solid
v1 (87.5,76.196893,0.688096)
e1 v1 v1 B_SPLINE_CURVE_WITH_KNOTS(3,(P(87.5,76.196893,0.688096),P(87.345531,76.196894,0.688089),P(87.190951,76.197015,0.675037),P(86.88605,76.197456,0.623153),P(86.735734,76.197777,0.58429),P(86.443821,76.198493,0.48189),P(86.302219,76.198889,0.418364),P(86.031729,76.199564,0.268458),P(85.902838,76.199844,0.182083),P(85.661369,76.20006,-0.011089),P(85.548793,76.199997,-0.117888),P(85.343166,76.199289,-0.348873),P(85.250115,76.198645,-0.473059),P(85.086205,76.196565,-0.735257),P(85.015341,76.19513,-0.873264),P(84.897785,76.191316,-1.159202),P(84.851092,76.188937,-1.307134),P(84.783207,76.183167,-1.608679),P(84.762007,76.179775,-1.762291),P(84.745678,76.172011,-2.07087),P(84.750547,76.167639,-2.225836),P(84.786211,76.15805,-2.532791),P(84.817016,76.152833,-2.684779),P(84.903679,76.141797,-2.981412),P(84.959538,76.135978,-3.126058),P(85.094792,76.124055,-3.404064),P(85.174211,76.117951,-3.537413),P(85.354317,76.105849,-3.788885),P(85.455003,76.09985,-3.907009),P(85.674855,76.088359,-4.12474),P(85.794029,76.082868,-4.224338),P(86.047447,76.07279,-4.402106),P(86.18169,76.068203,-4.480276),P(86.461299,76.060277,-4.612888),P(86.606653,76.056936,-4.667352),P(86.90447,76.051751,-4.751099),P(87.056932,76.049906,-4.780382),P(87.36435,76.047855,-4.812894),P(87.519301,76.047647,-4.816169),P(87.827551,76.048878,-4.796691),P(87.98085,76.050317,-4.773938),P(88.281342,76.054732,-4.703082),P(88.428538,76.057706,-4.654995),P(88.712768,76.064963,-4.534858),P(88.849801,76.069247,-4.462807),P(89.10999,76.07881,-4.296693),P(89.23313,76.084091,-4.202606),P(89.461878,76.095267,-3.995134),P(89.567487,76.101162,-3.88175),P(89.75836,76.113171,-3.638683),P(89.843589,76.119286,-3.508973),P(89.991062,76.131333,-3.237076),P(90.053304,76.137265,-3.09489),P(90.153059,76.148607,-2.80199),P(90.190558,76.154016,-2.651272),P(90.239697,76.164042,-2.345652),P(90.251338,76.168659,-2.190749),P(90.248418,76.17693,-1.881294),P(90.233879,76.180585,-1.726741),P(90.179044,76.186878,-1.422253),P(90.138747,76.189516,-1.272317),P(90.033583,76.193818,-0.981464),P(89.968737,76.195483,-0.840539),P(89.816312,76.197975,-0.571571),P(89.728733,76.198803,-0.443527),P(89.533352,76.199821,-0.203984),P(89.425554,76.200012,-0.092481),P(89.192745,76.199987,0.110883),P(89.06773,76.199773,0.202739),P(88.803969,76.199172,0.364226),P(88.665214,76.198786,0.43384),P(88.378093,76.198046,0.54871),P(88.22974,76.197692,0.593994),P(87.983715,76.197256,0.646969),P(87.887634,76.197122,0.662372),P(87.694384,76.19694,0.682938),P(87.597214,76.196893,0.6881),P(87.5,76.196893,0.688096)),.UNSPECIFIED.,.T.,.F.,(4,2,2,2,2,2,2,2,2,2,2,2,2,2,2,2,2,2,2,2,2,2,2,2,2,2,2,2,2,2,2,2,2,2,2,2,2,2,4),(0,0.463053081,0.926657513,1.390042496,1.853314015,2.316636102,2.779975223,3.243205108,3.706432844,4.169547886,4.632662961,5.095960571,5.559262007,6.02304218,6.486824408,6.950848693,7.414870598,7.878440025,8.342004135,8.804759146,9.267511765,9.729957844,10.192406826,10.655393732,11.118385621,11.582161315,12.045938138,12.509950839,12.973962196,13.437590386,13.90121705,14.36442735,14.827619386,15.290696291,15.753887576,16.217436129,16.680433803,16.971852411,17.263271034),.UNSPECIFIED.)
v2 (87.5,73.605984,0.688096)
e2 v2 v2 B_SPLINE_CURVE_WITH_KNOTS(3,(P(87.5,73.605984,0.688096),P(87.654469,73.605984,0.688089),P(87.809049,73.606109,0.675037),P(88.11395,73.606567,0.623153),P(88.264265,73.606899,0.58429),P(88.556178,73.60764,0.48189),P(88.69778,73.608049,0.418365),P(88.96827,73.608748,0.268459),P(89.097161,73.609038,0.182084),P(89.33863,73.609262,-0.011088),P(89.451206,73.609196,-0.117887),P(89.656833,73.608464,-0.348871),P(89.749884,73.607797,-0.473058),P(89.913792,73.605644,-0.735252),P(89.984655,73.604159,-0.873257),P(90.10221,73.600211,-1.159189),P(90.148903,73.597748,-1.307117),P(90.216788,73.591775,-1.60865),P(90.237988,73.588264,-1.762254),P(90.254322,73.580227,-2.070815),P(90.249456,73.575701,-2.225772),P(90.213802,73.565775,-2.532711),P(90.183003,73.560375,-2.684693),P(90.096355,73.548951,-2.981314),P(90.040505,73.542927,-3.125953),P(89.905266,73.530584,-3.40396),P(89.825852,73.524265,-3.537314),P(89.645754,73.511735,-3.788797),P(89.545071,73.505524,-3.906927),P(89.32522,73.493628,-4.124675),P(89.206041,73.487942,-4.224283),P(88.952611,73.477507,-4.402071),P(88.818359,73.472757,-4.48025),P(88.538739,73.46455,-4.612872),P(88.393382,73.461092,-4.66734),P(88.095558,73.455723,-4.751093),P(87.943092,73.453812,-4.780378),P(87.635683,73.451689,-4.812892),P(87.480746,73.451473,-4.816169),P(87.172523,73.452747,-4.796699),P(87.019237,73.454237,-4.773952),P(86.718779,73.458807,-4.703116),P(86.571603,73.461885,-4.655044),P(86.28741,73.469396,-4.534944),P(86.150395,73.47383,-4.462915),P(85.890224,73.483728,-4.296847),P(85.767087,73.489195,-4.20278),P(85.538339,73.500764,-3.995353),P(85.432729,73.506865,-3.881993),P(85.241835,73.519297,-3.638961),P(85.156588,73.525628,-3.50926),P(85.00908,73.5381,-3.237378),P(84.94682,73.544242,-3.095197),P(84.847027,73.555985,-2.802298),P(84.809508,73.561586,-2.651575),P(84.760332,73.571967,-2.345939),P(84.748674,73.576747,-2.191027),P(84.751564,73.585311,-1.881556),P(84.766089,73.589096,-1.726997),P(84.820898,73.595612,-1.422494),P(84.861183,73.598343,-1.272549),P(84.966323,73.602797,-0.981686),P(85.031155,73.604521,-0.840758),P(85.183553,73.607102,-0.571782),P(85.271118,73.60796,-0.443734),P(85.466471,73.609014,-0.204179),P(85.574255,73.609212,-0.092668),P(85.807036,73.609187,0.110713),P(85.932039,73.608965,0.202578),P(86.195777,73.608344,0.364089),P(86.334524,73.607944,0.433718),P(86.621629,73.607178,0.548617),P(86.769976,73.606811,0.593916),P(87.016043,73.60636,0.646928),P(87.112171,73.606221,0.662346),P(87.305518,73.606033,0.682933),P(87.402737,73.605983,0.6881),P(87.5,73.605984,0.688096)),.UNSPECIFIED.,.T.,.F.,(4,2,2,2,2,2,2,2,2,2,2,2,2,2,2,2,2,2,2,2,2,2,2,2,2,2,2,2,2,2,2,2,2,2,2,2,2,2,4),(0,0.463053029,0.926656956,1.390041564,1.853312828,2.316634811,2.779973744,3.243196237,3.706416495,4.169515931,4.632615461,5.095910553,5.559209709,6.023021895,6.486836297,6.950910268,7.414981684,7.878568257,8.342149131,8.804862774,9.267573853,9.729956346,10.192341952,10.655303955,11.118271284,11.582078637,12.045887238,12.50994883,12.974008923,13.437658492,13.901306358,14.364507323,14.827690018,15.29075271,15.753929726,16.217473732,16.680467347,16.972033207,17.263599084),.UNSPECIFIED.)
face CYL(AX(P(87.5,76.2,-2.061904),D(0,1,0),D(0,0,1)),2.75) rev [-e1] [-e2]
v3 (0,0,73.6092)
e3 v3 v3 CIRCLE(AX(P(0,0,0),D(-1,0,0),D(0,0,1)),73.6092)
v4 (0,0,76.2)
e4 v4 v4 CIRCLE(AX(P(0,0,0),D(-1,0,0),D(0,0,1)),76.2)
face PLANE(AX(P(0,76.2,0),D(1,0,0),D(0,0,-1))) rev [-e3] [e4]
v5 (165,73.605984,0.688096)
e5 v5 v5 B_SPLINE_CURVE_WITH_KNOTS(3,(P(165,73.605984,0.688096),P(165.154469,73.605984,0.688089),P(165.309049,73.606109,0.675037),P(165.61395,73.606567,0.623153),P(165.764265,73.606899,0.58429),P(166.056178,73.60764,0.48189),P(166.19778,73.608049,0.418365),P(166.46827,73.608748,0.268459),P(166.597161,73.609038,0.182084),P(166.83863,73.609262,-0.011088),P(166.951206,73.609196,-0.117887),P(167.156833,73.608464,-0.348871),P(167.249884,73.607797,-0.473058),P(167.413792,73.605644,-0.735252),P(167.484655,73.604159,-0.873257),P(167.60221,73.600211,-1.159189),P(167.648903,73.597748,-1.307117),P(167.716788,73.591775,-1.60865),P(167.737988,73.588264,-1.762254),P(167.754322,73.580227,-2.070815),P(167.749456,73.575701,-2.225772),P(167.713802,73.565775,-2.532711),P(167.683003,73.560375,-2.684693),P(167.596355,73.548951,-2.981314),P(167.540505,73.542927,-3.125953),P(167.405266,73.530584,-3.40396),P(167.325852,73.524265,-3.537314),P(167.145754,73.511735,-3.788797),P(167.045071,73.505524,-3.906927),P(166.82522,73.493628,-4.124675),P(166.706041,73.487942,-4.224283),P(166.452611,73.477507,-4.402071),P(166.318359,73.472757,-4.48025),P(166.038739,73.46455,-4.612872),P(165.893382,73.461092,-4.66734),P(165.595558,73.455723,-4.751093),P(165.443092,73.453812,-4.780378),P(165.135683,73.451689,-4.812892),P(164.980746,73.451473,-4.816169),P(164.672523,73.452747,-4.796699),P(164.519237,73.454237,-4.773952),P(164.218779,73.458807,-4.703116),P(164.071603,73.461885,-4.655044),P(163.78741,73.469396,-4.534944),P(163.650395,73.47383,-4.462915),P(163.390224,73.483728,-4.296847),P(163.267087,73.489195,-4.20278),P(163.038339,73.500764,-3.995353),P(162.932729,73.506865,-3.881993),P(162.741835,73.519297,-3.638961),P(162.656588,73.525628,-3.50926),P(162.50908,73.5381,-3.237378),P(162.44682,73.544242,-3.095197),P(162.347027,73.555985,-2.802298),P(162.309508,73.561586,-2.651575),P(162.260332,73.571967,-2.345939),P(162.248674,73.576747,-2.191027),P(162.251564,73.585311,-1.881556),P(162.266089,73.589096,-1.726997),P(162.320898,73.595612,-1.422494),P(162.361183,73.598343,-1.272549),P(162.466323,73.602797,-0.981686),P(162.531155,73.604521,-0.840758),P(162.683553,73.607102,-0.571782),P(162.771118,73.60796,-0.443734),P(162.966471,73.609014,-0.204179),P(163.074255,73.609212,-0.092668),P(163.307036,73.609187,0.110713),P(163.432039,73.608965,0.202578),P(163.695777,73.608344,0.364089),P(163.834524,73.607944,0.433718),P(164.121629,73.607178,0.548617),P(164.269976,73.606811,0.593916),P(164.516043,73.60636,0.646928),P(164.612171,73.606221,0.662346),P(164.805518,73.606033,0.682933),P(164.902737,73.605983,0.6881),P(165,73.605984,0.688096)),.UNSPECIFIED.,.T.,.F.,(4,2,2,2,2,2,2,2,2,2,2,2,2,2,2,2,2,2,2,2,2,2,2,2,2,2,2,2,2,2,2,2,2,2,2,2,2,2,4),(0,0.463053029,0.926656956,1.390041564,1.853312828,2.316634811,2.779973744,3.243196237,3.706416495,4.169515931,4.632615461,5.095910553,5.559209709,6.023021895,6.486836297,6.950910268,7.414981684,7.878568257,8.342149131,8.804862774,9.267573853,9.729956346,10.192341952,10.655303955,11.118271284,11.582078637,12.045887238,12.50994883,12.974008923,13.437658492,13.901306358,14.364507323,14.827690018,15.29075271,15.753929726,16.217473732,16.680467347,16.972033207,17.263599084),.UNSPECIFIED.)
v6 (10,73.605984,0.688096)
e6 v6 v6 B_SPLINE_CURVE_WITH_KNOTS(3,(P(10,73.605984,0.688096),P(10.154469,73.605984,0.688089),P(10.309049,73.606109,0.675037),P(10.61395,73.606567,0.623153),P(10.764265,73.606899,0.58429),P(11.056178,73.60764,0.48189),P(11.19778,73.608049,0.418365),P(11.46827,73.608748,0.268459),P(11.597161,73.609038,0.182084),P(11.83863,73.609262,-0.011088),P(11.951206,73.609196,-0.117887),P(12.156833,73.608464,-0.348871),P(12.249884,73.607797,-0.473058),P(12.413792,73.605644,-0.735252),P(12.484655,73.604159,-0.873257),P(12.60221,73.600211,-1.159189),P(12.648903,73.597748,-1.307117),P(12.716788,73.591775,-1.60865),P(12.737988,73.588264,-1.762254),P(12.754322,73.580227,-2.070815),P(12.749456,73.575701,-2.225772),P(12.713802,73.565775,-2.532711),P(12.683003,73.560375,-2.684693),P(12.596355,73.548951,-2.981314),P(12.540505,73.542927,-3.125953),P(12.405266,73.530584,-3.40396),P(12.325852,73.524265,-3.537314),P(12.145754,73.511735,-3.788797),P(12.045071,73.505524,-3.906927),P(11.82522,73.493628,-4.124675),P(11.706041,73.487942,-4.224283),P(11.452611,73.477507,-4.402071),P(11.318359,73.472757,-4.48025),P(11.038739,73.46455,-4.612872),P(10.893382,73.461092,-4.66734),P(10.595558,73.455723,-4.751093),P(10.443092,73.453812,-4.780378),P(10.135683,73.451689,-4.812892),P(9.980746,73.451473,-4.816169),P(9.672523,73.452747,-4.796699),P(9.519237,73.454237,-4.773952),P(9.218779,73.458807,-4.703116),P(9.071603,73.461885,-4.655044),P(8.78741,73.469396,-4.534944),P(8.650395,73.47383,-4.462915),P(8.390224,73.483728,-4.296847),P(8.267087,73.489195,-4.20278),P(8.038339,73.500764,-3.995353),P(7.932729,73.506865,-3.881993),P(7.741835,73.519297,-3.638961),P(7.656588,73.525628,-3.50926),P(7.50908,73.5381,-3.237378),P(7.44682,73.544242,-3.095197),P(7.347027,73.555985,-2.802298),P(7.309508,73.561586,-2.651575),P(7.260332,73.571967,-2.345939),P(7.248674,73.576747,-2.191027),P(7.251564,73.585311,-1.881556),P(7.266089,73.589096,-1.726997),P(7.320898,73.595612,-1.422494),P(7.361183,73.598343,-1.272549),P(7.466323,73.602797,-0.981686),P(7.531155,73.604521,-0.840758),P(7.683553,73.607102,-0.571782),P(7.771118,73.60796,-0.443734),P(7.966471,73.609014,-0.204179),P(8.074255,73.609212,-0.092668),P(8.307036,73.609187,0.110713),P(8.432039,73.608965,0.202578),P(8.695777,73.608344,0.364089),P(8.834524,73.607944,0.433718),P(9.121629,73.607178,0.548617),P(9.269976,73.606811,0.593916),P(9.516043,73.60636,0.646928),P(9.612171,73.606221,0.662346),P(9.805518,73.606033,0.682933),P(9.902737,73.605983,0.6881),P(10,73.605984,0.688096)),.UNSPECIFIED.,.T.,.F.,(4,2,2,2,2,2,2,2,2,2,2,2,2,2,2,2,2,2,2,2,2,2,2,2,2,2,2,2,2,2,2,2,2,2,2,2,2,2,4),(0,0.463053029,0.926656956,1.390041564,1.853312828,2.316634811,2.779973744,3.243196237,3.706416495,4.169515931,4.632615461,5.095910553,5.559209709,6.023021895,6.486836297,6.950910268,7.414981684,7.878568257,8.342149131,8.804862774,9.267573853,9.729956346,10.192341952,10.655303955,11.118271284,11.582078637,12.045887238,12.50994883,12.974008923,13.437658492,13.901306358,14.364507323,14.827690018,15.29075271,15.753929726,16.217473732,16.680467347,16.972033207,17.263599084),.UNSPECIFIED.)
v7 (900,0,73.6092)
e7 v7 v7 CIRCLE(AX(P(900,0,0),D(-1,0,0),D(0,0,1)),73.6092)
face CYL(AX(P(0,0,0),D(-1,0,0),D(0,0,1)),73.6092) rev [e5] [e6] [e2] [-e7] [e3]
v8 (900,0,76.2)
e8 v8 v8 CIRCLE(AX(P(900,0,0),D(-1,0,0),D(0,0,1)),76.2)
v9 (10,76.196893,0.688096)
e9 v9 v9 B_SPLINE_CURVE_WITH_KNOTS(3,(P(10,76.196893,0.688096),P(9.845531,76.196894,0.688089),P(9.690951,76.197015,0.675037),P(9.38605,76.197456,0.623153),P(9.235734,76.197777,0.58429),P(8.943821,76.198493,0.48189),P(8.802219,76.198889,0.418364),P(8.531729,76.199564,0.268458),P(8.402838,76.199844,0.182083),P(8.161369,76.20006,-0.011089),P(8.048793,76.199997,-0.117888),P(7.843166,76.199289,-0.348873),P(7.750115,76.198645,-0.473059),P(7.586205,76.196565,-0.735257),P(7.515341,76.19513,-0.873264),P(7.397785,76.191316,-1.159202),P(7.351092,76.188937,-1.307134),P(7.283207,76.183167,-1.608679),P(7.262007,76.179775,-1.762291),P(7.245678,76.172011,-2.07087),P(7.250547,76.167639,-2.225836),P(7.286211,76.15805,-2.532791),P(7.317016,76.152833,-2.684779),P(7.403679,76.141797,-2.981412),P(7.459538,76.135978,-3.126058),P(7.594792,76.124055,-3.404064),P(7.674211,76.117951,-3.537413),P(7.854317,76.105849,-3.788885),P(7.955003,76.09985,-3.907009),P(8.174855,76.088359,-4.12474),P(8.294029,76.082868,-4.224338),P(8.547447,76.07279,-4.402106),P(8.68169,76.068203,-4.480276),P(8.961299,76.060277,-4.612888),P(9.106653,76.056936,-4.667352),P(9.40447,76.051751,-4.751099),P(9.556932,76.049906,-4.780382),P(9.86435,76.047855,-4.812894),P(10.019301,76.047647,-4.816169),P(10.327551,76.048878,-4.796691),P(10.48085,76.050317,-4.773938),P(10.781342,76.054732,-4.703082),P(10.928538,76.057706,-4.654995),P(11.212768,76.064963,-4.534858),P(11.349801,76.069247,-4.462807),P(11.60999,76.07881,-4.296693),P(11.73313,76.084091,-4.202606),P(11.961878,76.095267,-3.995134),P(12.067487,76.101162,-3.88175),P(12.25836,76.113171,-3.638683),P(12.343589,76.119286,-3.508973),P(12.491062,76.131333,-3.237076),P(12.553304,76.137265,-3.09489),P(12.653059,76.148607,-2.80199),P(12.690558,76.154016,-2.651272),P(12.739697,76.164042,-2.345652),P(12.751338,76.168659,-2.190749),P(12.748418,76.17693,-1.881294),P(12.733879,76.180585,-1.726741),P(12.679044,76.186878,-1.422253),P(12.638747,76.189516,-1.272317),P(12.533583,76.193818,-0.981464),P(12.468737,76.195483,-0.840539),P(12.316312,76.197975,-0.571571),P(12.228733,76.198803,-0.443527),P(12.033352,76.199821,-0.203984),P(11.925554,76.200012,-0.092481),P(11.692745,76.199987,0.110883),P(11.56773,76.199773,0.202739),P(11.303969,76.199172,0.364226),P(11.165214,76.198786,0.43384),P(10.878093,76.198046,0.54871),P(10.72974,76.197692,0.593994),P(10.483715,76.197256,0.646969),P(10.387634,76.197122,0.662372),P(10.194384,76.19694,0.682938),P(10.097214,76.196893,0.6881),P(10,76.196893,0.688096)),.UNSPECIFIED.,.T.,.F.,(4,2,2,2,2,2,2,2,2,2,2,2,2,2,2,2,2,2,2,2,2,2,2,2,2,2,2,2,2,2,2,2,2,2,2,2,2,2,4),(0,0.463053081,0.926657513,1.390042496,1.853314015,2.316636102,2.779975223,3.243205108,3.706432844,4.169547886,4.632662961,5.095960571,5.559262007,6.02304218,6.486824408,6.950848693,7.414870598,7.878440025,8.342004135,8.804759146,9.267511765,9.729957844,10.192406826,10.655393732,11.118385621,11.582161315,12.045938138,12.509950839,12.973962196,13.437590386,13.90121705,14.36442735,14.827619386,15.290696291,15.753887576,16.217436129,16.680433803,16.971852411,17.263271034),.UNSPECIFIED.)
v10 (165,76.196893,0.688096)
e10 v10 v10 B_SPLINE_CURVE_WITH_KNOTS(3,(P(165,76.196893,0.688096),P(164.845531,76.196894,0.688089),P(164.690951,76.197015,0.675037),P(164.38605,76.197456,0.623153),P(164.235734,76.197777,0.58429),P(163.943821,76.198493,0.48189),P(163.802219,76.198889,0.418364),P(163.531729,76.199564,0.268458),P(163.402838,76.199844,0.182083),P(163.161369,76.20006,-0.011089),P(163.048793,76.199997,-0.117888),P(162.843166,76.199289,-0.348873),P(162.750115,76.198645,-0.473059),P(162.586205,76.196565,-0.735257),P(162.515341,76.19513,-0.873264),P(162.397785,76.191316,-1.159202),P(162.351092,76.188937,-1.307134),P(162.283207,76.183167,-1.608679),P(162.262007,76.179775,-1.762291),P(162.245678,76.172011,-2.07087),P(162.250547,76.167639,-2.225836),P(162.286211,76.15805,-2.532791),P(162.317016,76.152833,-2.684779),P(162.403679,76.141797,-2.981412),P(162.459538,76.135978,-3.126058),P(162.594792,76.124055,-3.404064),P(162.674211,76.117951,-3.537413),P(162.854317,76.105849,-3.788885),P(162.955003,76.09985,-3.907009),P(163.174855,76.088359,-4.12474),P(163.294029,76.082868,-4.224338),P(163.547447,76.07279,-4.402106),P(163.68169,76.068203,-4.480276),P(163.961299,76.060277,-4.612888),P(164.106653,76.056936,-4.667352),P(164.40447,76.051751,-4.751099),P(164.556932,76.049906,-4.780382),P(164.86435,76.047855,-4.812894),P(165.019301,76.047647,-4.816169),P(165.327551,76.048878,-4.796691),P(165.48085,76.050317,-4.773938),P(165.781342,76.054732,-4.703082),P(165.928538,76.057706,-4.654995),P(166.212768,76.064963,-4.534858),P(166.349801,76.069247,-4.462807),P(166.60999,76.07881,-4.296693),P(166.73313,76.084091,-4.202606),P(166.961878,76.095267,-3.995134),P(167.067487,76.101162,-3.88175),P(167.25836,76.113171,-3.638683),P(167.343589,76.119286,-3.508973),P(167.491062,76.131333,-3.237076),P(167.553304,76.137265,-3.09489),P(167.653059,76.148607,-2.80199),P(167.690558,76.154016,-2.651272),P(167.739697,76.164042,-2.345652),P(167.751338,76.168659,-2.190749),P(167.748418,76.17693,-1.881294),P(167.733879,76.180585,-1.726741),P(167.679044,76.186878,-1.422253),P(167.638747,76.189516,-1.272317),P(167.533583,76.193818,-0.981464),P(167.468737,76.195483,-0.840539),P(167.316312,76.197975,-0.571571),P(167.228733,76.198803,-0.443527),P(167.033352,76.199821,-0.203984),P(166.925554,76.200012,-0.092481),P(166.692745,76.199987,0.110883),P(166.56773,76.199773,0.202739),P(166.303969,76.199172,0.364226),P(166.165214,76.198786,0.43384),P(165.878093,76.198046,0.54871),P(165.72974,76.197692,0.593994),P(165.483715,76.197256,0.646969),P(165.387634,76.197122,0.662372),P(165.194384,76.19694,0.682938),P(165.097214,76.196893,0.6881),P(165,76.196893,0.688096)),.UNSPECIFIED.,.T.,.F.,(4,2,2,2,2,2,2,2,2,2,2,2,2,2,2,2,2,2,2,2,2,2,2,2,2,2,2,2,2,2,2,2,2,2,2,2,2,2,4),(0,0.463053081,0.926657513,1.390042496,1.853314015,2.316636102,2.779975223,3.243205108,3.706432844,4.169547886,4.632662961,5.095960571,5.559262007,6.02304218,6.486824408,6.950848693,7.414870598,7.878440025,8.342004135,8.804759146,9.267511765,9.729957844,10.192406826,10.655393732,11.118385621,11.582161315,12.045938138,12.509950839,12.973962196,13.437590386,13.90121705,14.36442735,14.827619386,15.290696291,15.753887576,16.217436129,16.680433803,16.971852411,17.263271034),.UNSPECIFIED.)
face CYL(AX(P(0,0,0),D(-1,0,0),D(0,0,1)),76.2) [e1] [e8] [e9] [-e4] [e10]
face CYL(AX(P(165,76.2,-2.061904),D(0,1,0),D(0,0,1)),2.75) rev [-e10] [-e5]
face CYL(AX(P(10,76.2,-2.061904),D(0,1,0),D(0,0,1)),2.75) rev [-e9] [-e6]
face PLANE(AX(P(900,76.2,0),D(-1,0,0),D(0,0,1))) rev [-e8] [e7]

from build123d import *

# Parameters (mm, degrees)
ESQUISSE1_W          = 900
ESQUISSE1_H          = 2.5908
D_GAGEMENT_M51_D     = 5.5
D_GAGEMENT_M51_DEPTH = 10
D_GAGEMENT_M51_TIP   = 1.652366702


with BuildPart() as part:
    # Esquisse1 → Révolution1 (revolve)
    with BuildSketch(Plane.XY, mode=Mode.PRIVATE) as r_volution1_sk:
        with Locations((450, 74.9046)):
            Rectangle(ESQUISSE1_W, ESQUISSE1_H)
    revolve(r_volution1_sk.sketch.rotate(Axis((0, 0, 0), (1, 0, 0)), 90), axis=Axis((0, 0, 0), (1, 0, 0)))

    # Dégagement M51
    with Locations(Plane(origin=(0, 76.2, 0), x_dir=(1, 0, 0), z_dir=(0, 1, 0))):
        with Locations((165, 2.06190404), (87.5, 2.06190404), (10, 2.06190404)):
            Hole(D_GAGEMENT_M51_D / 2, depth=D_GAGEMENT_M51_DEPTH)
            with Locations((0, 0, -(D_GAGEMENT_M51_DEPTH + D_GAGEMENT_M51_TIP / 2))):  # 118° drill point
                Cone(0, D_GAGEMENT_M51_D / 2, D_GAGEMENT_M51_TIP, mode=Mode.SUBTRACT)


solid = part.part
